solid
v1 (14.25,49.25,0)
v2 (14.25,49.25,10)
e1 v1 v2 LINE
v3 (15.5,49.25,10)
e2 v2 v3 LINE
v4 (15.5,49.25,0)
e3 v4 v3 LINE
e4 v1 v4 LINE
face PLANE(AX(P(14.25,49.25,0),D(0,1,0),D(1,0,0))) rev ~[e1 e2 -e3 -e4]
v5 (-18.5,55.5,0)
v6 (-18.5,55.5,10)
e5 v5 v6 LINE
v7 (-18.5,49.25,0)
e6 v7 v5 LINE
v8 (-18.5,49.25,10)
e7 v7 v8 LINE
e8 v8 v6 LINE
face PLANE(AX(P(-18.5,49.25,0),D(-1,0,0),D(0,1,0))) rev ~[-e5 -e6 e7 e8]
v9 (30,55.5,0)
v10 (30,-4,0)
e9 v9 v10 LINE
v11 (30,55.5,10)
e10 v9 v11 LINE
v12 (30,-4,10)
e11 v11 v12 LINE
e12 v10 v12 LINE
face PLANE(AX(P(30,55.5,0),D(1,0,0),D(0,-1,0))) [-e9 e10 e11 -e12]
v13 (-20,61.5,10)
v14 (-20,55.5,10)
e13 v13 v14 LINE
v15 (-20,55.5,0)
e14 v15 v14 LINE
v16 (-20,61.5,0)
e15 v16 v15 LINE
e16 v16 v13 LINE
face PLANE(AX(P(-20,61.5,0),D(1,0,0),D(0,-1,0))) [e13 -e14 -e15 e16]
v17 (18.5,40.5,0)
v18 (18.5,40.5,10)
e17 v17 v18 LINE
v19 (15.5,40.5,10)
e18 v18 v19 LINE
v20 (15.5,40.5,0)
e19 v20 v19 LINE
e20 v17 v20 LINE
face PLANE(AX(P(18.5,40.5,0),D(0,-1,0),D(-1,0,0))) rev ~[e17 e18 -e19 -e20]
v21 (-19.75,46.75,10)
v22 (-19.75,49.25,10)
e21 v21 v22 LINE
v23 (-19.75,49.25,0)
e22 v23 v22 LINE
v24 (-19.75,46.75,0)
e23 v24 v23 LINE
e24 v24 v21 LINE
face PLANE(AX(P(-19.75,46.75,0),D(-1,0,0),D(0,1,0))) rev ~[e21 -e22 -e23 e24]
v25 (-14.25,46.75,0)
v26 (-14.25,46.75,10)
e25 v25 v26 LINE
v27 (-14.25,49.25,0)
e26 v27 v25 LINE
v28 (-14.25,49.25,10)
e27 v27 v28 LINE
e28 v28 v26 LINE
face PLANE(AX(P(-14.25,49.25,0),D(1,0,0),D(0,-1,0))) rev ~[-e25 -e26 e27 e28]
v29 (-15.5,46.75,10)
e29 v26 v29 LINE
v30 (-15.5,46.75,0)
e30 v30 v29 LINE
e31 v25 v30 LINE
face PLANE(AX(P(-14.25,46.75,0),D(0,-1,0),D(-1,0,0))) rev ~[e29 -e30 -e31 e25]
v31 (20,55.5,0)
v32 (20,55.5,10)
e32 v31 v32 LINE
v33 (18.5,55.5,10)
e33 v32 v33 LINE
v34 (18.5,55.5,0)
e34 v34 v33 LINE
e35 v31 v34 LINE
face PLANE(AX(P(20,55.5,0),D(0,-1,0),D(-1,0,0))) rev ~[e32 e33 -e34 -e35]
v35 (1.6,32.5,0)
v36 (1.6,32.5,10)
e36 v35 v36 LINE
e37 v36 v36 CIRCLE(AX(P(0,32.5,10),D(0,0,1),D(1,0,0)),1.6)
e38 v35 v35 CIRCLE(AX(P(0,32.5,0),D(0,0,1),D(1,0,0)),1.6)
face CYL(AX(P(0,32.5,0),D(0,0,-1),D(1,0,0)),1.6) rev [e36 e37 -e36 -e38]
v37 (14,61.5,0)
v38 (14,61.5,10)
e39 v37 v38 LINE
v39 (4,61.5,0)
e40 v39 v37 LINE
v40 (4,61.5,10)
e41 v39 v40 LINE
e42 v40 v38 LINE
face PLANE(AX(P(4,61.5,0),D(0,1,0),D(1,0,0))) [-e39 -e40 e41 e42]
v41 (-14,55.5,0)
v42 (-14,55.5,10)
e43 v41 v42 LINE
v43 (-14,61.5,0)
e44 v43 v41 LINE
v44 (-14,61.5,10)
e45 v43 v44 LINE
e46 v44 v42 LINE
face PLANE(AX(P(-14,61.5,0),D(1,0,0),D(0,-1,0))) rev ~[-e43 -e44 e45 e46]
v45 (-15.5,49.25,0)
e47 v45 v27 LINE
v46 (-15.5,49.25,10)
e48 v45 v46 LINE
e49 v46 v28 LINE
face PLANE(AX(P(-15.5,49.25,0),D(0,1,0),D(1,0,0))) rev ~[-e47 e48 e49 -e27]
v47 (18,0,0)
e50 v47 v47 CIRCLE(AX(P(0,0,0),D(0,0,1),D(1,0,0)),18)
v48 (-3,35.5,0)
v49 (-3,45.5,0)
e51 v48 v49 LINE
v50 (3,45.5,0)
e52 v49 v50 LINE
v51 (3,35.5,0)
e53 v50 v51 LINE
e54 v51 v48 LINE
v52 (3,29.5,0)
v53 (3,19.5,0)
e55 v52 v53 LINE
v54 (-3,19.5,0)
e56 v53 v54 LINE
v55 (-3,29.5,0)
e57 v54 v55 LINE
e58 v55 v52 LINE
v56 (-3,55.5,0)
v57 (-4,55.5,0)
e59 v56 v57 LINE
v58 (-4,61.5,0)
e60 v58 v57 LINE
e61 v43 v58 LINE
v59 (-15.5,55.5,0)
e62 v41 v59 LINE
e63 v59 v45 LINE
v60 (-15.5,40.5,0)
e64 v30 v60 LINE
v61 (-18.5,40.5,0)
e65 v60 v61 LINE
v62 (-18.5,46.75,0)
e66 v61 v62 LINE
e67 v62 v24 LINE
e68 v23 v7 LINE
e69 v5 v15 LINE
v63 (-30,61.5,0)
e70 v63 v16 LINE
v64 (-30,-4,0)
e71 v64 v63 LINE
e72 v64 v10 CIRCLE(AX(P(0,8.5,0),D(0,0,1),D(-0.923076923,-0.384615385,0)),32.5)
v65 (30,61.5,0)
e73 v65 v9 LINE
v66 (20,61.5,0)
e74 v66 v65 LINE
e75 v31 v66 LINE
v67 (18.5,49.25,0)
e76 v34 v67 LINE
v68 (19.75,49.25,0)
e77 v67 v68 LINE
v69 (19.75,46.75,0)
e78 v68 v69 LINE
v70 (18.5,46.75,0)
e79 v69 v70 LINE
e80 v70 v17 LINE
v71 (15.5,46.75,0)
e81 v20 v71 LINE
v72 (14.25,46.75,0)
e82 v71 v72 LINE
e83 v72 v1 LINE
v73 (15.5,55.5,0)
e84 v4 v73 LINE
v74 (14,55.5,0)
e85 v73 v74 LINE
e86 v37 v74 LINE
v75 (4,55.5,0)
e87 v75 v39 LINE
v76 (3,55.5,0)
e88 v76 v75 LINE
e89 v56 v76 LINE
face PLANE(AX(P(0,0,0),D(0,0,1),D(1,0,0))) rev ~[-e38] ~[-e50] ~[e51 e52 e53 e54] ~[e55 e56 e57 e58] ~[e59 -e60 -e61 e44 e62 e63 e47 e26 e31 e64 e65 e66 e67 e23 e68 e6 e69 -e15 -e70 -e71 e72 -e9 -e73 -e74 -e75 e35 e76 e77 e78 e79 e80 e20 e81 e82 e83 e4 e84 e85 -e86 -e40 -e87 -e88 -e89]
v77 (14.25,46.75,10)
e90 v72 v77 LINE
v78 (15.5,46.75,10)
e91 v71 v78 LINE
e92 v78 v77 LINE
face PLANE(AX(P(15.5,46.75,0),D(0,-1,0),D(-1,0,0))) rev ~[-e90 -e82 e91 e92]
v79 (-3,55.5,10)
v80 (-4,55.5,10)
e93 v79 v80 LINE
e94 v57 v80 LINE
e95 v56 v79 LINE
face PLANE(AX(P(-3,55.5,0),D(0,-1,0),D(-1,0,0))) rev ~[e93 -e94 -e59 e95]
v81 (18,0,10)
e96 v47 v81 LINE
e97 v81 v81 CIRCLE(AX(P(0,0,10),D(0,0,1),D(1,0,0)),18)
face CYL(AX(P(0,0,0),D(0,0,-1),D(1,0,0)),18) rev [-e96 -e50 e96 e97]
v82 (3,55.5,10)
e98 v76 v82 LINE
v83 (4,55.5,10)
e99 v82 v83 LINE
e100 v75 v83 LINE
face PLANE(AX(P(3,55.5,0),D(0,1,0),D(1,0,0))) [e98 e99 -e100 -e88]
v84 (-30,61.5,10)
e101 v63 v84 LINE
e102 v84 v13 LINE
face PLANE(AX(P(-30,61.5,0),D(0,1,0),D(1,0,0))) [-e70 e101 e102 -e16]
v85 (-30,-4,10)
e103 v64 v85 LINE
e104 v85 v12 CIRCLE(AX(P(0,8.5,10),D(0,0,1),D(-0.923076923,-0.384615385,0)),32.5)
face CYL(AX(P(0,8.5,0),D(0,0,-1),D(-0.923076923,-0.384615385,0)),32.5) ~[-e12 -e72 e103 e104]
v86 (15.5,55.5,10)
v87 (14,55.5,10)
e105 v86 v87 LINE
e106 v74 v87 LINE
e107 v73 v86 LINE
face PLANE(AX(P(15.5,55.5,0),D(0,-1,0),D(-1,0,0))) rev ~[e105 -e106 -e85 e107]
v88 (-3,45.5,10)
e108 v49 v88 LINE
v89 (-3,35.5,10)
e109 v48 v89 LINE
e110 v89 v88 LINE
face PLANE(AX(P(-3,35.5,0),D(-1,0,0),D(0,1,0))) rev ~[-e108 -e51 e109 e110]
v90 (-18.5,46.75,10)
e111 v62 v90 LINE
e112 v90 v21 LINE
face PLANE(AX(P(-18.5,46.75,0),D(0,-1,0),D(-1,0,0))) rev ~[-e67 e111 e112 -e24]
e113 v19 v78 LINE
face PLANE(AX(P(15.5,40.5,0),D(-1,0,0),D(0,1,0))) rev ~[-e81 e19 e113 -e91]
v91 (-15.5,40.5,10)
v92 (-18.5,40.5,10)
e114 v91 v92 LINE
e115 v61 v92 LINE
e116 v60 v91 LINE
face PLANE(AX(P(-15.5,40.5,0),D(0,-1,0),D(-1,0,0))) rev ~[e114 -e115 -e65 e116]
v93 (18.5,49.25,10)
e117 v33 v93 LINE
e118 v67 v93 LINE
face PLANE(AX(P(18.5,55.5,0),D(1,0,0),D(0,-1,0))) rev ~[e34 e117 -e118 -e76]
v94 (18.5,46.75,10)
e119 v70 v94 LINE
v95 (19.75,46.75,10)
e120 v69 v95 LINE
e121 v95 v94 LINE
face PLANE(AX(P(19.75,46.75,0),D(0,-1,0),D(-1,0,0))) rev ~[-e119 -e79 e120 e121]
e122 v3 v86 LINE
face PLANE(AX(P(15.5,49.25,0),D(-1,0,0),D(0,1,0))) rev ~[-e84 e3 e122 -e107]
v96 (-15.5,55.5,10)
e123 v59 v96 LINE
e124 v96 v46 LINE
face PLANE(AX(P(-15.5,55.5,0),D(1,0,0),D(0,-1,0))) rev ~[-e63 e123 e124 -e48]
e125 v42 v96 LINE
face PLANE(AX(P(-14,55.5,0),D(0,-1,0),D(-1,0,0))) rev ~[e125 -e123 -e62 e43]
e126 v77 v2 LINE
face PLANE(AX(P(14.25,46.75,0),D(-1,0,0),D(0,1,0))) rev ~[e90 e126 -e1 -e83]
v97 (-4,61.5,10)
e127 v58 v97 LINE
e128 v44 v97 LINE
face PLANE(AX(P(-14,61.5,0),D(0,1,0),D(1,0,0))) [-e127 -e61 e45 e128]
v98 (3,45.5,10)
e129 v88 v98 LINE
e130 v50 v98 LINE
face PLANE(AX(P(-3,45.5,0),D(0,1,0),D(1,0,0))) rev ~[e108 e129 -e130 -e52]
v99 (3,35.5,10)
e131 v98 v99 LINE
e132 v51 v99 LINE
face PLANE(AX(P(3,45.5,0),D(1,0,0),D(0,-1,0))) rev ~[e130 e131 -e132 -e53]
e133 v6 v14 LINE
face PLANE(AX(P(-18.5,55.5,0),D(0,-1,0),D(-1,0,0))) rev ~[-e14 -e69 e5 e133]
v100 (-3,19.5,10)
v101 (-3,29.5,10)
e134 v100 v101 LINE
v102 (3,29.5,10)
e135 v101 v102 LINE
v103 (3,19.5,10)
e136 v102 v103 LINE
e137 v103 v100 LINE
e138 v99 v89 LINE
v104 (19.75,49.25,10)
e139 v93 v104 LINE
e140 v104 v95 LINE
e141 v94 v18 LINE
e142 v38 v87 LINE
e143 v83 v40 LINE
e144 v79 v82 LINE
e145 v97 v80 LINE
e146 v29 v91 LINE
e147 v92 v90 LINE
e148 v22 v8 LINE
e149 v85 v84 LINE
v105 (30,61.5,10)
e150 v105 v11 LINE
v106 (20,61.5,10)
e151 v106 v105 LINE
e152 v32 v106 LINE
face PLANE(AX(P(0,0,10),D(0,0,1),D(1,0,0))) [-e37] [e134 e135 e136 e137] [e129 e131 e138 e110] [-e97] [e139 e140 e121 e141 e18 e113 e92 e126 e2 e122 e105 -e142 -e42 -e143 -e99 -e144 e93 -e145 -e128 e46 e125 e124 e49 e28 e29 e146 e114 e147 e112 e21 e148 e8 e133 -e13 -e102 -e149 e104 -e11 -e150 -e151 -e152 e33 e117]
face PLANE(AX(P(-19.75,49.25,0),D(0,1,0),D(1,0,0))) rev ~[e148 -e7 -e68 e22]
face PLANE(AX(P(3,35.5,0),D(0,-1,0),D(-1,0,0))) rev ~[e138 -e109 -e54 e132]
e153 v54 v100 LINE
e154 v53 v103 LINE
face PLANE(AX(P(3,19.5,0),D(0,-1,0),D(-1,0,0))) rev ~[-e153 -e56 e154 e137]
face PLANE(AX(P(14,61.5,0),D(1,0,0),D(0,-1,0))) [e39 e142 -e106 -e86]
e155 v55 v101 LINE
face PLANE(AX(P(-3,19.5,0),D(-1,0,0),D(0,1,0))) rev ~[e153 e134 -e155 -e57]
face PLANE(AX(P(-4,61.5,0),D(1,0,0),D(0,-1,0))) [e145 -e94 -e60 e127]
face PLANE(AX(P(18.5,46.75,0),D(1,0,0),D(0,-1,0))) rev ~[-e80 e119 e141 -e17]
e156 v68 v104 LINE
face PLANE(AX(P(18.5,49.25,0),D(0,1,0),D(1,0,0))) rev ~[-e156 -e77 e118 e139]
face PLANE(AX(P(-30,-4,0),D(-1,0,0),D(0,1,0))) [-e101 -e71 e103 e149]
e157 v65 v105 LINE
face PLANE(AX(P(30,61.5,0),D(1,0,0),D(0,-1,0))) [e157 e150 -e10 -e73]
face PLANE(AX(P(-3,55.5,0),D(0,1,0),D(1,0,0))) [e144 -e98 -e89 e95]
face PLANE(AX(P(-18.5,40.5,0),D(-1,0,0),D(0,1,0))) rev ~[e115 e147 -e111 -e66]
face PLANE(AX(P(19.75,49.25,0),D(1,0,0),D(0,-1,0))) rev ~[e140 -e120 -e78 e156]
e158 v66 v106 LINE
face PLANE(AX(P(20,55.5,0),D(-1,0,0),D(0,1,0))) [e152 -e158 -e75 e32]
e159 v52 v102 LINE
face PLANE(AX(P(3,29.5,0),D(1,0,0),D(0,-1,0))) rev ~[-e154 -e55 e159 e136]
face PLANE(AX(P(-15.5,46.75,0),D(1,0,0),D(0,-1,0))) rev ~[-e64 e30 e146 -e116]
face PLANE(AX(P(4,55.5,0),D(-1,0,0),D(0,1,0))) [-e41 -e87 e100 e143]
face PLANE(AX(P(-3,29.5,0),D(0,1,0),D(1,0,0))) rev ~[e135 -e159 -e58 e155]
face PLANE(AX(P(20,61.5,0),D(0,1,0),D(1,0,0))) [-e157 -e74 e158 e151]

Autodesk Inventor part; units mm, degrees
ref_plane "YZ Plane" through (0, 0, 0) normal (1, 0, 0) x (0, 1, 0)
ref_plane "XZ Plane" through (0, 0, 0) normal (0, 1, 0) x (-1, 0, 0)
ref_plane "XY Plane" through (0, 0, 0) normal (0, 0, 1) x (1, 0, 0)
sketch "0" plane through (0, 0, 0) normal (0, 0, 1) x (1, 0, 0)
  line L0 (4, 55.5) -> (4, 61.5)
  line L1 (4, 61.5) -> (14, 61.5)
  line L2 (14, 61.5) -> (14, 55.5)
  line L3 (20, 55.5) -> (18.5, 55.5)
  line L4 (18.5, 55.5) -> (18.5, 49.25)
  line L5 (18.5, 40.5) -> (15.5, 40.5)
  line L6 (15.5, 40.5) -> (15.5, 46.75)
  line L7 (14.25, 49.25) -> (15.5, 49.25)
  line L8 (19.75, 49.25) -> (19.75, 46.75)
  line L9 (19.75, 46.75) -> (18.5, 46.75)
  line L10 (14.25, 46.75) -> (14.25, 49.25)
  line L11 (15.5, 49.25) -> (15.5, 55.5)
  line L12 (15.5, 46.75) -> (14.25, 46.75)
  line L13 (18.5, 49.25) -> (19.75, 49.25)
  line L14 (15.5, 55.5) -> (14, 55.5)
  line L15 (20, 61.5) -> (30, 61.5)
  line L16 (20, 55.5) -> (20, 61.5)
  line L17 (18.5, 46.75) -> (18.5, 40.5)
  line L18 (-30, 61.5) -> (-20, 61.5)
  line L19 (-20, 61.5) -> (-20, 55.5)
  line L20 (-14, 55.5) -> (-15.5, 55.5)
  line L21 (-15.5, 55.5) -> (-15.5, 49.25)
  line L22 (-15.5, 40.5) -> (-18.5, 40.5)
  line L23 (-18.5, 40.5) -> (-18.5, 46.75)
  line L24 (-19.75, 49.25) -> (-18.5, 49.25)
  line L25 (-14.25, 49.25) -> (-14.25, 46.75)
  line L26 (-14.25, 46.75) -> (-15.5, 46.75)
  line L27 (-19.75, 46.75) -> (-19.75, 49.25)
  line L28 (-18.5, 49.25) -> (-18.5, 55.5)
  line L29 (-18.5, 46.75) -> (-19.75, 46.75)
  line L30 (-15.5, 49.25) -> (-14.25, 49.25)
  line L31 (-18.5, 55.5) -> (-20, 55.5)
  line L32 (-14, 61.5) -> (-4, 61.5)
  line L33 (-14, 55.5) -> (-14, 61.5)
  line L34 (-4, 61.5) -> (-4, 55.5)
  line L35 (-15.5, 46.75) -> (-15.5, 40.5)
  line L36 (-3, 55.5) -> (-4, 55.5)
  line L37 (3, 55.5) -> (4, 55.5)
  line L38 (30, 61.5) -> (30, 55.5)
  circle A0 centre (0, 0) radius 18
  line L39 (30, 55.5) -> (30, -4)
  line L40 (-30, -4) -> (-30, 61.5)
  arc A1 (-30, -4) -> (30, -4) centre (0, 8.5) ccw
  line L41 (-3, 19.5) -> (-3, 29.5)
  line L42 (-3, 29.5) -> (3, 29.5)
  line L43 (3, 29.5) -> (3, 19.5)
  line L44 (3, 19.5) -> (-3, 19.5)
  line L45 (-3, 35.5) -> (-3, 45.5)
  line L46 (3, 45.5) -> (3, 35.5)
  line L47 (3, 35.5) -> (-3, 35.5)
  circle A2 centre (0, 32.5) radius 1.6
  line L48 (-3, 45.5) -> (3, 45.5)
  line L49 (-3, 55.5) -> (3, 55.5)
  point P0 (-30, -4)
  point P1 (30, -4)
sketch "Эскиз3" plane through (0, 0, 0) normal (0, 0, 1) x (1, 0, 0)
  circle A0 centre (0, 0) radius 18 projected
  circle A1 centre (0, 32.5) radius 1.6 projected
  line L0 (30, 55.5) -> (30, -4) projected
  line L1 (-30, -4) -> (-30, 61.5) projected
  line L2 (-30, 61.5) -> (-20, 61.5) projected
  line L3 (30, 61.5) -> (30, 55.5) projected
  line L4 (20, 61.5) -> (30, 61.5) projected
  line L5 (20, 55.5) -> (20, 61.5) projected
  line L6 (20, 55.5) -> (18.5, 55.5) projected
  line L7 (18.5, 55.5) -> (18.5, 49.25) projected
  line L8 (18.5, 49.25) -> (19.75, 49.25) projected
  line L9 (19.75, 49.25) -> (19.75, 46.75) projected
  line L10 (19.75, 46.75) -> (18.5, 46.75) projected
  line L11 (18.5, 46.75) -> (18.5, 40.5) projected
  line L12 (18.5, 40.5) -> (15.5, 40.5) projected
  line L13 (15.5, 40.5) -> (15.5, 46.75) projected
  line L14 (15.5, 46.75) -> (14.25, 46.75) projected
  line L15 (14.25, 46.75) -> (14.25, 49.25) projected
  line L16 (14.25, 49.25) -> (15.5, 49.25) projected
  line L17 (15.5, 49.25) -> (15.5, 55.5) projected
  line L18 (15.5, 55.5) -> (14, 55.5) projected
  line L19 (4, 61.5) -> (14, 61.5) projected
  line L20 (4, 55.5) -> (4, 61.5) projected
  line L21 (-3, 55.5) -> (3, 55.5) projected
  line L22 (3, 55.5) -> (4, 55.5) projected
  line L23 (14, 61.5) -> (14, 55.5) projected
  line L24 (-14, 61.5) -> (-4, 61.5) projected
  line L25 (-4, 61.5) -> (-4, 55.5) projected
  line L26 (-14, 55.5) -> (-15.5, 55.5) projected
  line L27 (-15.5, 55.5) -> (-15.5, 49.25) projected
  line L28 (-18.5, 49.25) -> (-18.5, 55.5) projected
  line L29 (-18.5, 55.5) -> (-20, 55.5) projected
  line L30 (-20, 61.5) -> (-20, 55.5) projected
  line L31 (-19.75, 49.25) -> (-18.5, 49.25) projected
  line L32 (-19.75, 46.75) -> (-19.75, 49.25) projected
  line L33 (-18.5, 46.75) -> (-19.75, 46.75) projected
  line L34 (-18.5, 40.5) -> (-18.5, 46.75) projected
  line L35 (-15.5, 40.5) -> (-18.5, 40.5) projected
  line L36 (-15.5, 46.75) -> (-15.5, 40.5) projected
  line L37 (-14.25, 46.75) -> (-15.5, 46.75) projected
  line L38 (-14.25, 49.25) -> (-14.25, 46.75) projected
  line L39 (-15.5, 49.25) -> (-14.25, 49.25) projected
  arc A2 (-30, -4) -> (30, -4) centre (0, 8.5) ccw projected
  line L40 (3, 29.5) -> (3, 19.5) projected
  line L41 (-3, 29.5) -> (3, 29.5) projected
  circle A3 centre (0, 0) radius 18
  circle A4 centre (0, 32.5) radius 1.6
  line L42 (-3, 45.5) -> (3, 45.5)
  line L43 (3, 45.5) -> (3, 35.5)
  line L44 (3, 35.5) -> (-3, 35.5)
  line L45 (-3, 35.5) -> (-3, 45.5)
  line L46 (-3, 29.5) -> (3, 29.5)
  line L47 (3, 29.5) -> (3, 19.5)
  line L48 (3, 19.5) -> (-3, 19.5)
  line L49 (-3, 19.5) -> (-3, 29.5)
  line L50 (18.5, 40.5) -> (15.5, 40.5)
  line L51 (15.5, 40.5) -> (15.5, 46.75)
  line L52 (18.5, 46.75) -> (18.5, 40.5)
  line L53 (19.75, 49.25) -> (19.75, 46.75)
  line L54 (14.25, 46.75) -> (14.25, 49.25)
  line L55 (18.5, 55.5) -> (18.5, 49.25)
  line L56 (15.5, 49.25) -> (15.5, 55.5)
  line L57 (20, 61.5) -> (20, 55.5)
  line L58 (14, 55.5) -> (14, 61.5)
  line L59 (4, 55.5) -> (-4, 55.5)
  line L60 (-4, 55.5) -> (-4, 61.5)
  line L61 (4, 61.5) -> (4, 55.5)
  line L62 (-20, 55.5) -> (-20, 61.5)
  line L63 (-14, 61.5) -> (-14, 55.5)
  line L64 (-15.5, 55.5) -> (-15.5, 49.25)
  line L65 (-18.5, 49.25) -> (-18.5, 55.5)
  line L66 (-14.25, 49.25) -> (-14.25, 46.75)
  line L67 (-19.75, 46.75) -> (-19.75, 49.25)
  line L68 (-15.5, 46.75) -> (-15.5, 40.5)
  line L69 (-15.5, 40.5) -> (-18.5, 40.5)
  line L70 (-18.5, 40.5) -> (-18.5, 46.75)
  line L71 (-14, 55.5) -> (-15.5, 55.5)
  line L72 (-18.5, 55.5) -> (-20, 55.5)
  line L73 (-19.75, 49.25) -> (-18.5, 49.25)
  line L74 (-15.5, 49.25) -> (-14.25, 49.25)
  line L75 (-14.25, 46.75) -> (-15.5, 46.75)
  line L76 (-18.5, 46.75) -> (-19.75, 46.75)
  line L77 (20, 55.5) -> (18.5, 55.5)
  line L78 (15.5, 55.5) -> (14, 55.5)
  line L79 (14.25, 49.25) -> (15.5, 49.25)
  line L80 (18.5, 49.25) -> (19.75, 49.25)
  line L81 (19.75, 46.75) -> (18.5, 46.75)
  line L82 (15.5, 46.75) -> (14.25, 46.75)
  line L83 (-30, 61.5) -> (-20, 61.5)
  line L84 (-14, 61.5) -> (-4, 61.5)
  line L85 (20, 61.5) -> (30, 61.5)
  line L86 (14, 61.5) -> (4, 61.5)
  line L87 (30, 61.5) -> (30, -4)
  line L88 (-30, -4) -> (-30, 61.5)
  arc A5 (-30, -4) -> (30, -4) centre (0, 8.5) ccw
  point P0 (0, 0)
extrude "Выдавливание2" add sketch "Эскиз3" along normal blind 10
properties part number "Крепление_мотора2_платформа"
